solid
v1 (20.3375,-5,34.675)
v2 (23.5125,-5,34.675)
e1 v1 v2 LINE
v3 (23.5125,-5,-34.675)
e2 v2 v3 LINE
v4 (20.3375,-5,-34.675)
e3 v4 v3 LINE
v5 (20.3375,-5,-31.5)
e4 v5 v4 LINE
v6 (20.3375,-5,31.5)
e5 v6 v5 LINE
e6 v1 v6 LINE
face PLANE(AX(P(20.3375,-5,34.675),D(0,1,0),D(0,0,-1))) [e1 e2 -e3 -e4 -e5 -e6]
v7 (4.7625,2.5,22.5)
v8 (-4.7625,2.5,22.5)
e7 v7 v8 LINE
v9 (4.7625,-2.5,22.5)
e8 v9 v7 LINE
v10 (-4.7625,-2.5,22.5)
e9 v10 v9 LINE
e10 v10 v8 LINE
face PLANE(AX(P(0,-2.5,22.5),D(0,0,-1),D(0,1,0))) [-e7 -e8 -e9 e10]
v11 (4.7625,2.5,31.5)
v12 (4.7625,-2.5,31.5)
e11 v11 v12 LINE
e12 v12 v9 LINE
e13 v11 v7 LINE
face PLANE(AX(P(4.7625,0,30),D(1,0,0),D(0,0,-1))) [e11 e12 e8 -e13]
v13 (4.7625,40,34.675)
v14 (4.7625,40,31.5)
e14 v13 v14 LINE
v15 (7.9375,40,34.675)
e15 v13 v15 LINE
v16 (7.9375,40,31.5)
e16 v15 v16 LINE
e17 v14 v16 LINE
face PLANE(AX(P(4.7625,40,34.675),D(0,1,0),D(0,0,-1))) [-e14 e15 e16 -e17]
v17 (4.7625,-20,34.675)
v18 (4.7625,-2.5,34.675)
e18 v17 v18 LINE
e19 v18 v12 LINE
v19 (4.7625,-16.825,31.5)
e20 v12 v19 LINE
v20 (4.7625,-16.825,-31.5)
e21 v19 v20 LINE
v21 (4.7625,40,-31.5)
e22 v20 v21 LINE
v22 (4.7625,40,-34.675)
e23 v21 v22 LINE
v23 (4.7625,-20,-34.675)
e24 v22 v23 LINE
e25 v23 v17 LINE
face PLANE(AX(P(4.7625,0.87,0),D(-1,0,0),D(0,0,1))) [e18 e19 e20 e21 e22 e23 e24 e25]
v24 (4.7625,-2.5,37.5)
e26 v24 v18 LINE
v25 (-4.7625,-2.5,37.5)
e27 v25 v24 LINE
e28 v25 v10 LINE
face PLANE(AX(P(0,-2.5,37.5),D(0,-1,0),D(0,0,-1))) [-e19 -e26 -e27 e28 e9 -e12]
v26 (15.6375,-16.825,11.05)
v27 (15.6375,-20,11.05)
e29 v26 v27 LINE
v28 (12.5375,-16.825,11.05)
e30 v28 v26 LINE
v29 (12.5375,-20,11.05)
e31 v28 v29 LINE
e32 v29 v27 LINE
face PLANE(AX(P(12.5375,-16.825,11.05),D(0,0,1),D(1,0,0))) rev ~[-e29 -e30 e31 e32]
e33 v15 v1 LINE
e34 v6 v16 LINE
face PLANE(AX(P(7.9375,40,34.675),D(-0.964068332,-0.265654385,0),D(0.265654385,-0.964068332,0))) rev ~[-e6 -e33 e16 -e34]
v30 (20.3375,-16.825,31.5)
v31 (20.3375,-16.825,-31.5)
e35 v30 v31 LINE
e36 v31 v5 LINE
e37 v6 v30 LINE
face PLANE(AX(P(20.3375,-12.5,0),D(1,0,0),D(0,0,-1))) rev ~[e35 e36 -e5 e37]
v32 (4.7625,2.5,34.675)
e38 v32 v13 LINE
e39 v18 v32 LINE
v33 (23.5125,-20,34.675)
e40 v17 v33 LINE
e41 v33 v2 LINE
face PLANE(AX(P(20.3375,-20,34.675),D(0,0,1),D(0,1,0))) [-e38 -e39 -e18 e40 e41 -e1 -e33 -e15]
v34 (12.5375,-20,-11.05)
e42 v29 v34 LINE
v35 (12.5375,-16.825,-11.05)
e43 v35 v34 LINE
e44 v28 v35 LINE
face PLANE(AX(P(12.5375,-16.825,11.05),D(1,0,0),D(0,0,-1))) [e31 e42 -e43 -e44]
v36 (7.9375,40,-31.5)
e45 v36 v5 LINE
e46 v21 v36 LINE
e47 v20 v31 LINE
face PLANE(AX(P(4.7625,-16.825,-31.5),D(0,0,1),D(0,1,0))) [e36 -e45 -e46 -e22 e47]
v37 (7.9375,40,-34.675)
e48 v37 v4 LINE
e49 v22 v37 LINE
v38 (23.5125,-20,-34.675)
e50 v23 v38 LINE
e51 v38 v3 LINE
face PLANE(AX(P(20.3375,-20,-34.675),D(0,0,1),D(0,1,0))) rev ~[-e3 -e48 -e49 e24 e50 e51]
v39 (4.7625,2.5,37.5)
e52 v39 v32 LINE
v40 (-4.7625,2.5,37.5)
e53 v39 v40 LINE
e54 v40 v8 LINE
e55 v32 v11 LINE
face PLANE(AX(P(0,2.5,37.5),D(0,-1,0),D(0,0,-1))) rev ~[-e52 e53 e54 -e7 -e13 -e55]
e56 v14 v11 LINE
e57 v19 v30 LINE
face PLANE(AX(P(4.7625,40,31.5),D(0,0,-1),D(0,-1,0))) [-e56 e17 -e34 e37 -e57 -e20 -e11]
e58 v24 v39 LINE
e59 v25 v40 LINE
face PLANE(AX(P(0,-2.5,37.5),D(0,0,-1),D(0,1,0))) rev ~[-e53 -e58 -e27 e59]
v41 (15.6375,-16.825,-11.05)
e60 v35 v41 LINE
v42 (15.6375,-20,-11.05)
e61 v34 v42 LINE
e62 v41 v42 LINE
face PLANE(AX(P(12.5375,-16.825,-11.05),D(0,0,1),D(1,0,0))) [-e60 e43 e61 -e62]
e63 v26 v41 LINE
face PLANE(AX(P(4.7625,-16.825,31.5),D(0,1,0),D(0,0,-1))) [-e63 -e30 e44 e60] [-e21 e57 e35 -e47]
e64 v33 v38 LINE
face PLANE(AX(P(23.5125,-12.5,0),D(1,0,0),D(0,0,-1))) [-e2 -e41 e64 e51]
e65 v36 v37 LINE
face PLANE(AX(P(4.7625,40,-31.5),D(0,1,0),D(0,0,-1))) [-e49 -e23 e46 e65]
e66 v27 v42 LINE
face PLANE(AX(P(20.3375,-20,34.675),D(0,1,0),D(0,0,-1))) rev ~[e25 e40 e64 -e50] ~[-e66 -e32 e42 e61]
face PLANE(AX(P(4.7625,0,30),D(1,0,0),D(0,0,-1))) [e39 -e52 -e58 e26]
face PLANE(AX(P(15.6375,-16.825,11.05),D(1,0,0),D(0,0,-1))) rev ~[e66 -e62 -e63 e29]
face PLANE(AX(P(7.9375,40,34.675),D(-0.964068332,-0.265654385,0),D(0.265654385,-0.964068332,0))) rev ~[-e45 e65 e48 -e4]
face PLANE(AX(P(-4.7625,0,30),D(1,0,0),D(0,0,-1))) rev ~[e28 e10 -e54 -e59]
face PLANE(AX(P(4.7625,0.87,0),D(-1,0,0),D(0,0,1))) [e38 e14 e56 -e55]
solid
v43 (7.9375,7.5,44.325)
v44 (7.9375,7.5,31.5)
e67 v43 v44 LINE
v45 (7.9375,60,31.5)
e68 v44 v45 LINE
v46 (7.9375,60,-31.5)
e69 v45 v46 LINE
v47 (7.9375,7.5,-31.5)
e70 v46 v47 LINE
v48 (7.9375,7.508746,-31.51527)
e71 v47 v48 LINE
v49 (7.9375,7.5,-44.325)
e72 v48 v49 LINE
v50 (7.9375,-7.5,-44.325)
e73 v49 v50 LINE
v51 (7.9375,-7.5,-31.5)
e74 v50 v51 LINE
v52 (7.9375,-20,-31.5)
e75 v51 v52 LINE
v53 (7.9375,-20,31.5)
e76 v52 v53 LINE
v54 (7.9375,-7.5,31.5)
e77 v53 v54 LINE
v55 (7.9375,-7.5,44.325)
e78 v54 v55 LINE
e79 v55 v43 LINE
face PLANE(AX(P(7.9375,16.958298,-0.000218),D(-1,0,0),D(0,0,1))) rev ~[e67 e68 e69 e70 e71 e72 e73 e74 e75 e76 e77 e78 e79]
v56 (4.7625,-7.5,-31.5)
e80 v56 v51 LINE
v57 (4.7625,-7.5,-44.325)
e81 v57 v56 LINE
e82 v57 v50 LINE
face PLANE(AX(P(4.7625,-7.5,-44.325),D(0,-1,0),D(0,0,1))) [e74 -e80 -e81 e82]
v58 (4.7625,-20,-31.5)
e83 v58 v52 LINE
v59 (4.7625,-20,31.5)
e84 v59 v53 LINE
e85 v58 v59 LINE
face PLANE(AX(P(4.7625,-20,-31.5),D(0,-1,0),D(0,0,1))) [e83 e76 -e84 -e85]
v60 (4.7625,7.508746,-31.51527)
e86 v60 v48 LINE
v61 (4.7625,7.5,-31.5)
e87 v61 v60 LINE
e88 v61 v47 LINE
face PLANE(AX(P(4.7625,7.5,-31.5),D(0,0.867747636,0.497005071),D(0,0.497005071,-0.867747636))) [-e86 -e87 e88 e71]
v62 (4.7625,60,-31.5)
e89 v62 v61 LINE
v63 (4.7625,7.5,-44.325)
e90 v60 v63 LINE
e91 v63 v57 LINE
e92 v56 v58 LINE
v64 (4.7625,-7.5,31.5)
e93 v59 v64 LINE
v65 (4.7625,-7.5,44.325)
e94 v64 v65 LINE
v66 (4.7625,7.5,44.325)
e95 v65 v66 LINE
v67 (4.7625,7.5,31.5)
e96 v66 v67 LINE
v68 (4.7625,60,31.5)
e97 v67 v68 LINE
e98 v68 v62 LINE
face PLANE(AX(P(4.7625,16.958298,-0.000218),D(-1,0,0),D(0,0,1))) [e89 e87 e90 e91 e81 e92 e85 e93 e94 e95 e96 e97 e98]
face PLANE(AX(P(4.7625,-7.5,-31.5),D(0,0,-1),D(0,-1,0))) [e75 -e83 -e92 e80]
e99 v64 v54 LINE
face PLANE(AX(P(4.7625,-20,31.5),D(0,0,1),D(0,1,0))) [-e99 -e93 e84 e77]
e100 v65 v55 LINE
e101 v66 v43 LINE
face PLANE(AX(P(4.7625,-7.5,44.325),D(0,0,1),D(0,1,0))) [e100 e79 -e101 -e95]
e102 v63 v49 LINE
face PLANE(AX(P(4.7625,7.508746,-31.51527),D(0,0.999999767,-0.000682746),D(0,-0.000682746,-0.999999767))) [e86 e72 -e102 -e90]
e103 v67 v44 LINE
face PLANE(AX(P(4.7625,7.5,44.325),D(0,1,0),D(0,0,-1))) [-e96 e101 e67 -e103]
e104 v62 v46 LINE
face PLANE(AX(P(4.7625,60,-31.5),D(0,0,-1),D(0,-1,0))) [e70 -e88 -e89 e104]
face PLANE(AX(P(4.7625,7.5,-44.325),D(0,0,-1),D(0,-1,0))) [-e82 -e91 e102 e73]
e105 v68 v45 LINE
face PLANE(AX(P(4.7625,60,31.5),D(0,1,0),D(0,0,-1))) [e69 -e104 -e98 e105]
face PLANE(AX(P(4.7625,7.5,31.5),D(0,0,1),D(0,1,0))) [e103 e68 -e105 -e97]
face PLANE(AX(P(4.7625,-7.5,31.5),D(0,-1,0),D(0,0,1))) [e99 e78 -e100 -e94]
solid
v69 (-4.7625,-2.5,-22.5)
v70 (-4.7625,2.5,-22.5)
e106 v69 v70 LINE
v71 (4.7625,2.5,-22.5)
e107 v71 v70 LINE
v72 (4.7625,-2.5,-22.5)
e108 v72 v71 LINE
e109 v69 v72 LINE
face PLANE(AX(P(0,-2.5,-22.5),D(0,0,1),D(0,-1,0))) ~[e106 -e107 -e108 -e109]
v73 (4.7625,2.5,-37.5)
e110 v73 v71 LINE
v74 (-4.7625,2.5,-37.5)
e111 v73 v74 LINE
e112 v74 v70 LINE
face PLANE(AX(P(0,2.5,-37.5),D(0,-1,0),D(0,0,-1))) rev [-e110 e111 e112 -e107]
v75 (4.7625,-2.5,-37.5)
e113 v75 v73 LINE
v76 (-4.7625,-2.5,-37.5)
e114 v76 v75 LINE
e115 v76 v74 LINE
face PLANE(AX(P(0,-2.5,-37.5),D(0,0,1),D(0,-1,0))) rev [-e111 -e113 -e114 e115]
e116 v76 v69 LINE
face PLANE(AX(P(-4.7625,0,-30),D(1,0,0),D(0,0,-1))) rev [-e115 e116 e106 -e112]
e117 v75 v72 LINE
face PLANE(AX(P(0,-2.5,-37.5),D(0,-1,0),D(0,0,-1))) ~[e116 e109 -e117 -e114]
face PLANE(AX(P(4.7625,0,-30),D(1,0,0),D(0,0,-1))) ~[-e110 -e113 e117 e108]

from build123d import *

# Parameters (mm, degrees)
SKETCH2_W           = 15
SKETCH2_H           = 5
BOSS_EXTRUDE1_DEPTH = 4.7625
BOSS_EXTRUDE3_DEPTH = 3.175
BOSS_EXTRUDE5_DEPTH = 15.575
SKETCH7_W           = 69.35
SKETCH7_H           = 15
BOSS_EXTRUDE6_DEPTH = 3.175
SKETCH8_W           = 3.1
SKETCH8_H           = 22.1
CUT_EXTRUDE1_DEPTH  = 3.175
CUT_EXTRUDE2_DEPTH  = 102.950172419


with BuildPart() as part:
    # Sketch2 → Boss-Extrude1 (new, symmetric)
    with BuildSketch(Plane(origin=(0, 0, 0), x_dir=(0, 0, -1), z_dir=(1, 0, 0))):
        with Locations((-30, 0)):
            Rectangle(SKETCH2_W, SKETCH2_H)
    extrude(amount=BOSS_EXTRUDE1_DEPTH, both=True)


with BuildPart() as body_2:
    # Mirror4: mirrored copy
    add(part.part.mirror(Plane.XY))


with BuildPart() as body_3:
    # Sketch4 → Boss-Extrude3 (new body)
    with BuildSketch(Plane(origin=(4.7625, 0, 0), x_dir=(0, 0, -1), z_dir=(1, 0, 0))):
        Polygon((31.515269753, 7.508745797), (44.325, 7.5), (44.325, -7.5), (31.5, -7.5), (31.5, -20), (-31.5, -20), (-31.5, -7.5), (-44.325, -7.5), (-44.325, 7.5), (-31.5, 7.5), (-31.5, 60), (31.5, 60), (31.5, 7.5), align=None)
    extrude(amount=BOSS_EXTRUDE3_DEPTH)


with BuildPart() as part_1:
    add(part.part)

    # Sketch6 → Boss-Extrude5 (add)
    with BuildSketch(Plane(origin=(4.7625, 0, 0), x_dir=(0, 0, -1), z_dir=(1, 0, 0))):
        Polygon((-31.5, 40), (-31.5, -16.825), (31.5, -16.825), (31.5, 40), (34.675, 40), (34.675, -20), (-34.675, -20), (-34.675, 40), align=None)
    extrude(amount=BOSS_EXTRUDE5_DEPTH)

    # Sketch7 → Boss-Extrude6 (add)
    with BuildSketch(Plane(origin=(20.3375, 0, 0), x_dir=(0, 0, -1), z_dir=(1, 0, 0))):
        with Locations((0, -12.5)):
            Rectangle(SKETCH7_W, SKETCH7_H)
    extrude(amount=BOSS_EXTRUDE6_DEPTH)

    # Sketch8 → Cut-Extrude1 (cut)
    with BuildSketch(Plane(origin=(0, -16.825, 0), x_dir=(1, 0, 0), z_dir=(0, 1, 0))):
        with Locations((14.0875, 0)):
            Rectangle(SKETCH8_W, SKETCH8_H)
    extrude(amount=-CUT_EXTRUDE1_DEPTH, mode=Mode.SUBTRACT)

    # Sketch10 → Cut-Extrude2 (cut, through all)
    with BuildSketch(Plane.XY.offset(34.675)):
        Polygon((7.9375, 40), (20.3375, -5), (20.3375, 40), align=None)
    extrude(amount=-CUT_EXTRUDE2_DEPTH, mode=Mode.SUBTRACT)


solid = Compound([body_2.part, body_3.part, part_1.part])
